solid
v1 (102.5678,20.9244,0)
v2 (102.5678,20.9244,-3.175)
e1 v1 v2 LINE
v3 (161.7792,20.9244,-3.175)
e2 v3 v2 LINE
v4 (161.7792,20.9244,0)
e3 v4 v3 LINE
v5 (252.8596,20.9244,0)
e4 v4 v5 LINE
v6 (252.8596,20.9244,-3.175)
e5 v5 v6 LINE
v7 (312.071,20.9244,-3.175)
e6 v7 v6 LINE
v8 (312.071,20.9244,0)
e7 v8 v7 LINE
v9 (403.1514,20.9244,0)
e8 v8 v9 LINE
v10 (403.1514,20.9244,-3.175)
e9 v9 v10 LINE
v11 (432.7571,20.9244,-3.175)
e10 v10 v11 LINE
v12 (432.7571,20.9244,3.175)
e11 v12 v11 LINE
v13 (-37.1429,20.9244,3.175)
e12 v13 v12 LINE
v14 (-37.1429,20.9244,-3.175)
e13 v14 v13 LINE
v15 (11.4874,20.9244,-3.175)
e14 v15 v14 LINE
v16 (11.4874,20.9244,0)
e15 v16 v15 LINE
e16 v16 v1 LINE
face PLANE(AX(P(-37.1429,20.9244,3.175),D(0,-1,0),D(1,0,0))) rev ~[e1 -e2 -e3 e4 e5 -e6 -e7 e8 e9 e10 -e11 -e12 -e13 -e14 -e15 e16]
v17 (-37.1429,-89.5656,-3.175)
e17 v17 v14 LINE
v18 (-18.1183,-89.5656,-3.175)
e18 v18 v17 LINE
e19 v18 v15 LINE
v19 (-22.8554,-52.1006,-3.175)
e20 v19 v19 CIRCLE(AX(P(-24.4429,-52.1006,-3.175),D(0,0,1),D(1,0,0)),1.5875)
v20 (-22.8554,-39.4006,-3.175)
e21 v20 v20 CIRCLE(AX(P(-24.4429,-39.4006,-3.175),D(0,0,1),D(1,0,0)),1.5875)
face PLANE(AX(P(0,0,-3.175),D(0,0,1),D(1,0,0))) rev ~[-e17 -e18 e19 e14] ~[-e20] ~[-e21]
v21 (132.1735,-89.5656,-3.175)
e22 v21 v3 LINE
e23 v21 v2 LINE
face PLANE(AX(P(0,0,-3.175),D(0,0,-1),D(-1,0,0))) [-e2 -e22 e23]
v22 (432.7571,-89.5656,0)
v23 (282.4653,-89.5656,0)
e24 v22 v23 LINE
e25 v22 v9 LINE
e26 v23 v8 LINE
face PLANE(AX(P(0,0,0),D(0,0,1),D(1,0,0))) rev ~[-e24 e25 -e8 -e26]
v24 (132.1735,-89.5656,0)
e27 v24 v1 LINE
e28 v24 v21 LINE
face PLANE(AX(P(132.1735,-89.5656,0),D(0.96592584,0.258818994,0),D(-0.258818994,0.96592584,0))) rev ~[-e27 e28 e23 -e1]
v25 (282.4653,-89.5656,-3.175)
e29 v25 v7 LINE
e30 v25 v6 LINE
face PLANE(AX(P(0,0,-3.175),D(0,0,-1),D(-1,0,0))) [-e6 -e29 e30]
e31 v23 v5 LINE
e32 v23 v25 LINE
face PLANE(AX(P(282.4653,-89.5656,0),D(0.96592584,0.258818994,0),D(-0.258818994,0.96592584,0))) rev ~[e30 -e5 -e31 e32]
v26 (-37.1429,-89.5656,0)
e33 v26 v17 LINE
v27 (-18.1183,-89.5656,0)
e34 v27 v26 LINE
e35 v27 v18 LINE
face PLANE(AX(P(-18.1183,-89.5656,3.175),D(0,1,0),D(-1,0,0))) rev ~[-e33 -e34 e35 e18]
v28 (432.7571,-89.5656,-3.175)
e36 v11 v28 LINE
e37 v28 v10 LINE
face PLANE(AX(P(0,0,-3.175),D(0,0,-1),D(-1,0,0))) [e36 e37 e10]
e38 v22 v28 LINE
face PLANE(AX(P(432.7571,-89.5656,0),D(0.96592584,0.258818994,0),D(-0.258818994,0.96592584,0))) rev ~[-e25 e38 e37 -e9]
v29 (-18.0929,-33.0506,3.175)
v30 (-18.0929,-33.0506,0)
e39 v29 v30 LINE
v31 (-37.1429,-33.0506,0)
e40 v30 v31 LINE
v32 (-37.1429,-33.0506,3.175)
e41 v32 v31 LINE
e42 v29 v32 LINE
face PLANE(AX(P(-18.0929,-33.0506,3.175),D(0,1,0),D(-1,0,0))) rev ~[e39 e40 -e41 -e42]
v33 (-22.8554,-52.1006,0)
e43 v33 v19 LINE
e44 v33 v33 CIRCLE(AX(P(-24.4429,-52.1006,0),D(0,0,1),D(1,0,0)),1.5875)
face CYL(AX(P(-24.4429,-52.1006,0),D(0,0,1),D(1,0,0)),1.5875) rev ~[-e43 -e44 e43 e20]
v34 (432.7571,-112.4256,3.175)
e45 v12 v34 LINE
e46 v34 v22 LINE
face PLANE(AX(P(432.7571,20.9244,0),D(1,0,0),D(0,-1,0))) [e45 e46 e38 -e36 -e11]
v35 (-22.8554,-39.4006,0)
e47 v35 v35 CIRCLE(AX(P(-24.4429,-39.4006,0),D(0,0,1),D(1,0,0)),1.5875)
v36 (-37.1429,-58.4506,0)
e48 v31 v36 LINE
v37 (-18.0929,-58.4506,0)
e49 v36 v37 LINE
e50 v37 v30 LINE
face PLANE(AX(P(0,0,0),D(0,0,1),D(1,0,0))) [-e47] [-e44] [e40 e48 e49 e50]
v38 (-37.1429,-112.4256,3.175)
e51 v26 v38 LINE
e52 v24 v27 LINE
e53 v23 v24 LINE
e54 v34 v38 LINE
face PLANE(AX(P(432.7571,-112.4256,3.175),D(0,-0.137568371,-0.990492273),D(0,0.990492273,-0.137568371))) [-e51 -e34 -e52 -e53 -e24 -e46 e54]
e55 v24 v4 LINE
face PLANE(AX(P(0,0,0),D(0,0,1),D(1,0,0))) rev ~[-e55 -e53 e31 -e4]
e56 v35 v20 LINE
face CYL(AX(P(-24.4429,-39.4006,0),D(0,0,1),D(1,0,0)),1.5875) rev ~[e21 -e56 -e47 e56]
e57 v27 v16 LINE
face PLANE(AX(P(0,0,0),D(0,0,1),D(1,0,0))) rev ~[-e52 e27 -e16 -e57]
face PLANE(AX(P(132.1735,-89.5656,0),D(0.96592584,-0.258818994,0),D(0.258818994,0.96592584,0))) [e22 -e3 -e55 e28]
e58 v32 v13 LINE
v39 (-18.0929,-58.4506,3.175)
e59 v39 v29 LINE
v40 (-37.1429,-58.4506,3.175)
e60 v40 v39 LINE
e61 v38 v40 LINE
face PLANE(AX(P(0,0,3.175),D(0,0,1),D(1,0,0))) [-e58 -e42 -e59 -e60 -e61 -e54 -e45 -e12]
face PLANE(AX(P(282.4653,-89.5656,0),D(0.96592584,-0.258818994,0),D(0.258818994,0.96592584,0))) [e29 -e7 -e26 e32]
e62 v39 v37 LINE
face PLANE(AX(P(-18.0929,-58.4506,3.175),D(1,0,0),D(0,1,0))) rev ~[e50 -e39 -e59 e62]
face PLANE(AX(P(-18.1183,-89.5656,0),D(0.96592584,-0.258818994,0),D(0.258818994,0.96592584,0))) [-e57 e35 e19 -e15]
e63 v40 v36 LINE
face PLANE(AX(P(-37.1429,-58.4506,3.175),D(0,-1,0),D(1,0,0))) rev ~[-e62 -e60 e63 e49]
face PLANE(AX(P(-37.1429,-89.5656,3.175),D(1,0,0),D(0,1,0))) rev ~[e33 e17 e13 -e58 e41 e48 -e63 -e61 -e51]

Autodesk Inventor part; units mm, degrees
ref_plane "YZ Plane" through (0, 0, 0) normal (1, 0, 0) x (0, 1, 0)
ref_plane "XZ Plane" through (0, 0, 0) normal (0, 1, 0) x (-1, 0, 0)
ref_plane "XY Plane" through (0, 0, 0) normal (0, 0, 1) x (1, 0, 0)
sketch "Sketch1" plane through (0, 0, 0) normal (0, 0, 1) x (1, 0, 0)
  line L0 (-37.1429, 20.9244) -> (432.7571, 20.9244)
  line L1 (432.7571, 20.9244) -> (432.7571, -112.4256)
  line L2 (432.7571, -112.4256) -> (-37.1429, -112.4256)
  line L3 (-37.1429, -112.4256) -> (-37.1429, 20.9244)
  point P0 (0, 0)
  dimension "d0" = 469.9
  dimension "d1" = 133.35
extrude "Extrusion1" add sketch "Sketch1" along normal blind 3.175
sketch "Sketch2" plane through (432.7571, -112.4256, 0) normal (1, 0, 0) x (0, 0, -1)
  line L0 (0, 133.35) -> (0, 0) projected
  line L1 (-3.175, 133.35) -> (0, 107.95)
  line L2 (-3.175, 0) -> (0, 22.86)
  line L3 (-3.175, 0) -> (0, 0)
  line L4 (0, 22.86) -> (0, 0)
  point P0 (0, 112.4256)
  dimension "d4" = 25.4
  dimension "d5" = 22.86
extrude "Extrusion3" cut sketch "Sketch2" against normal blind 476.25
sketch "Sketch4" plane through (0, 0, 0) normal (0, 0, -1) x (-1, 0, 0)
  line L0 (-432.7571, -89.5656) -> (37.1429, -89.5656) projected
  line L1 (37.1429, 20.9244) -> (-432.7571, 20.9244) projected
  line L2 (-432.7571, 20.9244) -> (-432.7571, -89.5656) projected
  line L3 (-432.7571, -89.5656) -> (37.1429, -89.5656)
  line L4 (37.1429, -89.5656) -> (37.1429, 20.9244)
  line L5 (37.1429, 20.9244) -> (-432.7571, 20.9244)
  line L6 (-432.7571, 20.9244) -> (-432.7571, -89.5656)
  line L7 (-282.4653, -89.5656) -> (-282.4653, 20.9244)
  line L8 (-132.1735, -89.5656) -> (-132.1735, 20.9244)
  line L9 (18.1183, -89.5656) -> (18.1183, 20.9244)
  line L10 (-282.4653, -89.5656) -> (-312.071, 20.9244)
  line L11 (-432.7571, -89.5656) -> (-403.1514, 20.9244)
  line L12 (-282.4653, -89.5656) -> (-252.8596, 20.9244)
  line L13 (-132.1735, -89.5656) -> (-161.7792, 20.9244)
  line L14 (-132.1735, -89.5656) -> (-102.5678, 20.9244)
  line L15 (18.1183, -89.5656) -> (-11.4874, 20.9244)
  line L16 (18.1183, 20.9244) -> (37.1429, 20.9244)
  line L17 (37.1429, 20.9244) -> (37.1429, -89.5656)
  line L18 (37.1429, -89.5656) -> (18.1183, -89.5656)
  line L19 (18.1183, -89.5656) -> (18.1183, 20.9244)
  point P0 (0, 0)
  dimension "d10" = 150.2918
  dimension "d11" = 150.2918
  dimension "d12" = 150.2918
  dimension "d13" = 15
  dimension "d14" = 15
  dimension "d15" = 15
extrude "Extrusion4" add sketch "Sketch4" along normal blind 3.175 contours L2 L1 L11 | L10 L1 L7 | L7 L1 L12 | L13 L1 L8 | L8 L1 L14 | L15 L1 L9
sketch "Sketch5" plane through (0, 0, 0) normal (0, 0, -1) x (-1, 0, 0)
  line L0 (18.1183, 20.9244) -> (18.1183, -89.5656) projected
  line L1 (18.1183, -89.5656) -> (37.1429, -89.5656) projected
  line L2 (37.1429, -89.5656) -> (37.1429, 20.9244) projected
  line L3 (37.1429, 20.9244) -> (18.1183, 20.9244) projected
  line L4 (18.1183, 20.9244) -> (37.1429, 20.9244)
  line L5 (37.1429, 20.9244) -> (37.1429, -89.5656)
  line L6 (37.1429, -89.5656) -> (18.1183, -89.5656)
  line L7 (18.1183, -89.5656) -> (18.1183, 20.9244)
  point P0 (0, 0)
sketch "Sketch6" plane through (0, 0, 3.175) normal (0, 0, 1) x (1, 0, 0)
  line L0 (-37.1429, 20.9244) -> (-18.1183, 20.9244)
  line L1 (-18.1183, 20.9244) -> (-18.1183, -89.5656)
  line L2 (-18.1183, -89.5656) -> (-37.1429, -89.5656)
  line L3 (-37.1429, -89.5656) -> (-37.1429, 20.9244)
  point P0 (0, 0)
  dimension "d18" = 110.49
  dimension "d19" = 19.0246
extrude "Extrusion5" add sketch "Sketch6" against normal blind 6.35
sketch "Sketch7" plane through (0, 0, 3.175) normal (0, 0, 1) x (1, 0, 0)
  line L0 (-11.4874, 20.9244) -> (-37.1429, 20.9244)
  line L1 (-18.0929, -33.0506) -> (-37.1429, -33.0506)
  line L2 (-37.1429, -33.0506) -> (-37.1429, -58.4506)
  line L3 (-37.1429, -58.4506) -> (-18.0929, -58.4506)
  line L4 (-18.0929, -58.4506) -> (-18.0929, -33.0506)
  line L5 (-37.1429, -112.4256) -> (-37.1429, 20.9244) projected
  point P0 (0, 0)
  dimension "d22" = 19.05
  dimension "d23" = 25.4
  dimension "d25" = 0
  dimension "d27" = 133.35
  dimension "d28" = 53.975
extrude "Extrusion6" cut sketch "Sketch7" against normal blind 3.175
sketch "Sketch8" plane through (0, 0, 0) normal (0, 0, 1) x (1, 0, 0)
  line L0 (-18.0929, -58.4506) -> (-18.0929, -33.0506) projected
  line L1 (-18.0929, -33.0506) -> (-37.1429, -33.0506) projected
  circle A0 centre (-24.4429, -39.4006) radius 1.5875
  circle A1 centre (-24.4429, -52.1006) radius 1.5875
  point P0 (0, 0)
  dimension "d31" = 3.175
  dimension "d32" = 3.175
  dimension "d33" = 6.35
  dimension "d34" = 12.7
  dimension "d35" = 6.35
extrude "Extrusion7" cut sketch "Sketch8" against normal blind 3.175
properties part number "bottom panel"
